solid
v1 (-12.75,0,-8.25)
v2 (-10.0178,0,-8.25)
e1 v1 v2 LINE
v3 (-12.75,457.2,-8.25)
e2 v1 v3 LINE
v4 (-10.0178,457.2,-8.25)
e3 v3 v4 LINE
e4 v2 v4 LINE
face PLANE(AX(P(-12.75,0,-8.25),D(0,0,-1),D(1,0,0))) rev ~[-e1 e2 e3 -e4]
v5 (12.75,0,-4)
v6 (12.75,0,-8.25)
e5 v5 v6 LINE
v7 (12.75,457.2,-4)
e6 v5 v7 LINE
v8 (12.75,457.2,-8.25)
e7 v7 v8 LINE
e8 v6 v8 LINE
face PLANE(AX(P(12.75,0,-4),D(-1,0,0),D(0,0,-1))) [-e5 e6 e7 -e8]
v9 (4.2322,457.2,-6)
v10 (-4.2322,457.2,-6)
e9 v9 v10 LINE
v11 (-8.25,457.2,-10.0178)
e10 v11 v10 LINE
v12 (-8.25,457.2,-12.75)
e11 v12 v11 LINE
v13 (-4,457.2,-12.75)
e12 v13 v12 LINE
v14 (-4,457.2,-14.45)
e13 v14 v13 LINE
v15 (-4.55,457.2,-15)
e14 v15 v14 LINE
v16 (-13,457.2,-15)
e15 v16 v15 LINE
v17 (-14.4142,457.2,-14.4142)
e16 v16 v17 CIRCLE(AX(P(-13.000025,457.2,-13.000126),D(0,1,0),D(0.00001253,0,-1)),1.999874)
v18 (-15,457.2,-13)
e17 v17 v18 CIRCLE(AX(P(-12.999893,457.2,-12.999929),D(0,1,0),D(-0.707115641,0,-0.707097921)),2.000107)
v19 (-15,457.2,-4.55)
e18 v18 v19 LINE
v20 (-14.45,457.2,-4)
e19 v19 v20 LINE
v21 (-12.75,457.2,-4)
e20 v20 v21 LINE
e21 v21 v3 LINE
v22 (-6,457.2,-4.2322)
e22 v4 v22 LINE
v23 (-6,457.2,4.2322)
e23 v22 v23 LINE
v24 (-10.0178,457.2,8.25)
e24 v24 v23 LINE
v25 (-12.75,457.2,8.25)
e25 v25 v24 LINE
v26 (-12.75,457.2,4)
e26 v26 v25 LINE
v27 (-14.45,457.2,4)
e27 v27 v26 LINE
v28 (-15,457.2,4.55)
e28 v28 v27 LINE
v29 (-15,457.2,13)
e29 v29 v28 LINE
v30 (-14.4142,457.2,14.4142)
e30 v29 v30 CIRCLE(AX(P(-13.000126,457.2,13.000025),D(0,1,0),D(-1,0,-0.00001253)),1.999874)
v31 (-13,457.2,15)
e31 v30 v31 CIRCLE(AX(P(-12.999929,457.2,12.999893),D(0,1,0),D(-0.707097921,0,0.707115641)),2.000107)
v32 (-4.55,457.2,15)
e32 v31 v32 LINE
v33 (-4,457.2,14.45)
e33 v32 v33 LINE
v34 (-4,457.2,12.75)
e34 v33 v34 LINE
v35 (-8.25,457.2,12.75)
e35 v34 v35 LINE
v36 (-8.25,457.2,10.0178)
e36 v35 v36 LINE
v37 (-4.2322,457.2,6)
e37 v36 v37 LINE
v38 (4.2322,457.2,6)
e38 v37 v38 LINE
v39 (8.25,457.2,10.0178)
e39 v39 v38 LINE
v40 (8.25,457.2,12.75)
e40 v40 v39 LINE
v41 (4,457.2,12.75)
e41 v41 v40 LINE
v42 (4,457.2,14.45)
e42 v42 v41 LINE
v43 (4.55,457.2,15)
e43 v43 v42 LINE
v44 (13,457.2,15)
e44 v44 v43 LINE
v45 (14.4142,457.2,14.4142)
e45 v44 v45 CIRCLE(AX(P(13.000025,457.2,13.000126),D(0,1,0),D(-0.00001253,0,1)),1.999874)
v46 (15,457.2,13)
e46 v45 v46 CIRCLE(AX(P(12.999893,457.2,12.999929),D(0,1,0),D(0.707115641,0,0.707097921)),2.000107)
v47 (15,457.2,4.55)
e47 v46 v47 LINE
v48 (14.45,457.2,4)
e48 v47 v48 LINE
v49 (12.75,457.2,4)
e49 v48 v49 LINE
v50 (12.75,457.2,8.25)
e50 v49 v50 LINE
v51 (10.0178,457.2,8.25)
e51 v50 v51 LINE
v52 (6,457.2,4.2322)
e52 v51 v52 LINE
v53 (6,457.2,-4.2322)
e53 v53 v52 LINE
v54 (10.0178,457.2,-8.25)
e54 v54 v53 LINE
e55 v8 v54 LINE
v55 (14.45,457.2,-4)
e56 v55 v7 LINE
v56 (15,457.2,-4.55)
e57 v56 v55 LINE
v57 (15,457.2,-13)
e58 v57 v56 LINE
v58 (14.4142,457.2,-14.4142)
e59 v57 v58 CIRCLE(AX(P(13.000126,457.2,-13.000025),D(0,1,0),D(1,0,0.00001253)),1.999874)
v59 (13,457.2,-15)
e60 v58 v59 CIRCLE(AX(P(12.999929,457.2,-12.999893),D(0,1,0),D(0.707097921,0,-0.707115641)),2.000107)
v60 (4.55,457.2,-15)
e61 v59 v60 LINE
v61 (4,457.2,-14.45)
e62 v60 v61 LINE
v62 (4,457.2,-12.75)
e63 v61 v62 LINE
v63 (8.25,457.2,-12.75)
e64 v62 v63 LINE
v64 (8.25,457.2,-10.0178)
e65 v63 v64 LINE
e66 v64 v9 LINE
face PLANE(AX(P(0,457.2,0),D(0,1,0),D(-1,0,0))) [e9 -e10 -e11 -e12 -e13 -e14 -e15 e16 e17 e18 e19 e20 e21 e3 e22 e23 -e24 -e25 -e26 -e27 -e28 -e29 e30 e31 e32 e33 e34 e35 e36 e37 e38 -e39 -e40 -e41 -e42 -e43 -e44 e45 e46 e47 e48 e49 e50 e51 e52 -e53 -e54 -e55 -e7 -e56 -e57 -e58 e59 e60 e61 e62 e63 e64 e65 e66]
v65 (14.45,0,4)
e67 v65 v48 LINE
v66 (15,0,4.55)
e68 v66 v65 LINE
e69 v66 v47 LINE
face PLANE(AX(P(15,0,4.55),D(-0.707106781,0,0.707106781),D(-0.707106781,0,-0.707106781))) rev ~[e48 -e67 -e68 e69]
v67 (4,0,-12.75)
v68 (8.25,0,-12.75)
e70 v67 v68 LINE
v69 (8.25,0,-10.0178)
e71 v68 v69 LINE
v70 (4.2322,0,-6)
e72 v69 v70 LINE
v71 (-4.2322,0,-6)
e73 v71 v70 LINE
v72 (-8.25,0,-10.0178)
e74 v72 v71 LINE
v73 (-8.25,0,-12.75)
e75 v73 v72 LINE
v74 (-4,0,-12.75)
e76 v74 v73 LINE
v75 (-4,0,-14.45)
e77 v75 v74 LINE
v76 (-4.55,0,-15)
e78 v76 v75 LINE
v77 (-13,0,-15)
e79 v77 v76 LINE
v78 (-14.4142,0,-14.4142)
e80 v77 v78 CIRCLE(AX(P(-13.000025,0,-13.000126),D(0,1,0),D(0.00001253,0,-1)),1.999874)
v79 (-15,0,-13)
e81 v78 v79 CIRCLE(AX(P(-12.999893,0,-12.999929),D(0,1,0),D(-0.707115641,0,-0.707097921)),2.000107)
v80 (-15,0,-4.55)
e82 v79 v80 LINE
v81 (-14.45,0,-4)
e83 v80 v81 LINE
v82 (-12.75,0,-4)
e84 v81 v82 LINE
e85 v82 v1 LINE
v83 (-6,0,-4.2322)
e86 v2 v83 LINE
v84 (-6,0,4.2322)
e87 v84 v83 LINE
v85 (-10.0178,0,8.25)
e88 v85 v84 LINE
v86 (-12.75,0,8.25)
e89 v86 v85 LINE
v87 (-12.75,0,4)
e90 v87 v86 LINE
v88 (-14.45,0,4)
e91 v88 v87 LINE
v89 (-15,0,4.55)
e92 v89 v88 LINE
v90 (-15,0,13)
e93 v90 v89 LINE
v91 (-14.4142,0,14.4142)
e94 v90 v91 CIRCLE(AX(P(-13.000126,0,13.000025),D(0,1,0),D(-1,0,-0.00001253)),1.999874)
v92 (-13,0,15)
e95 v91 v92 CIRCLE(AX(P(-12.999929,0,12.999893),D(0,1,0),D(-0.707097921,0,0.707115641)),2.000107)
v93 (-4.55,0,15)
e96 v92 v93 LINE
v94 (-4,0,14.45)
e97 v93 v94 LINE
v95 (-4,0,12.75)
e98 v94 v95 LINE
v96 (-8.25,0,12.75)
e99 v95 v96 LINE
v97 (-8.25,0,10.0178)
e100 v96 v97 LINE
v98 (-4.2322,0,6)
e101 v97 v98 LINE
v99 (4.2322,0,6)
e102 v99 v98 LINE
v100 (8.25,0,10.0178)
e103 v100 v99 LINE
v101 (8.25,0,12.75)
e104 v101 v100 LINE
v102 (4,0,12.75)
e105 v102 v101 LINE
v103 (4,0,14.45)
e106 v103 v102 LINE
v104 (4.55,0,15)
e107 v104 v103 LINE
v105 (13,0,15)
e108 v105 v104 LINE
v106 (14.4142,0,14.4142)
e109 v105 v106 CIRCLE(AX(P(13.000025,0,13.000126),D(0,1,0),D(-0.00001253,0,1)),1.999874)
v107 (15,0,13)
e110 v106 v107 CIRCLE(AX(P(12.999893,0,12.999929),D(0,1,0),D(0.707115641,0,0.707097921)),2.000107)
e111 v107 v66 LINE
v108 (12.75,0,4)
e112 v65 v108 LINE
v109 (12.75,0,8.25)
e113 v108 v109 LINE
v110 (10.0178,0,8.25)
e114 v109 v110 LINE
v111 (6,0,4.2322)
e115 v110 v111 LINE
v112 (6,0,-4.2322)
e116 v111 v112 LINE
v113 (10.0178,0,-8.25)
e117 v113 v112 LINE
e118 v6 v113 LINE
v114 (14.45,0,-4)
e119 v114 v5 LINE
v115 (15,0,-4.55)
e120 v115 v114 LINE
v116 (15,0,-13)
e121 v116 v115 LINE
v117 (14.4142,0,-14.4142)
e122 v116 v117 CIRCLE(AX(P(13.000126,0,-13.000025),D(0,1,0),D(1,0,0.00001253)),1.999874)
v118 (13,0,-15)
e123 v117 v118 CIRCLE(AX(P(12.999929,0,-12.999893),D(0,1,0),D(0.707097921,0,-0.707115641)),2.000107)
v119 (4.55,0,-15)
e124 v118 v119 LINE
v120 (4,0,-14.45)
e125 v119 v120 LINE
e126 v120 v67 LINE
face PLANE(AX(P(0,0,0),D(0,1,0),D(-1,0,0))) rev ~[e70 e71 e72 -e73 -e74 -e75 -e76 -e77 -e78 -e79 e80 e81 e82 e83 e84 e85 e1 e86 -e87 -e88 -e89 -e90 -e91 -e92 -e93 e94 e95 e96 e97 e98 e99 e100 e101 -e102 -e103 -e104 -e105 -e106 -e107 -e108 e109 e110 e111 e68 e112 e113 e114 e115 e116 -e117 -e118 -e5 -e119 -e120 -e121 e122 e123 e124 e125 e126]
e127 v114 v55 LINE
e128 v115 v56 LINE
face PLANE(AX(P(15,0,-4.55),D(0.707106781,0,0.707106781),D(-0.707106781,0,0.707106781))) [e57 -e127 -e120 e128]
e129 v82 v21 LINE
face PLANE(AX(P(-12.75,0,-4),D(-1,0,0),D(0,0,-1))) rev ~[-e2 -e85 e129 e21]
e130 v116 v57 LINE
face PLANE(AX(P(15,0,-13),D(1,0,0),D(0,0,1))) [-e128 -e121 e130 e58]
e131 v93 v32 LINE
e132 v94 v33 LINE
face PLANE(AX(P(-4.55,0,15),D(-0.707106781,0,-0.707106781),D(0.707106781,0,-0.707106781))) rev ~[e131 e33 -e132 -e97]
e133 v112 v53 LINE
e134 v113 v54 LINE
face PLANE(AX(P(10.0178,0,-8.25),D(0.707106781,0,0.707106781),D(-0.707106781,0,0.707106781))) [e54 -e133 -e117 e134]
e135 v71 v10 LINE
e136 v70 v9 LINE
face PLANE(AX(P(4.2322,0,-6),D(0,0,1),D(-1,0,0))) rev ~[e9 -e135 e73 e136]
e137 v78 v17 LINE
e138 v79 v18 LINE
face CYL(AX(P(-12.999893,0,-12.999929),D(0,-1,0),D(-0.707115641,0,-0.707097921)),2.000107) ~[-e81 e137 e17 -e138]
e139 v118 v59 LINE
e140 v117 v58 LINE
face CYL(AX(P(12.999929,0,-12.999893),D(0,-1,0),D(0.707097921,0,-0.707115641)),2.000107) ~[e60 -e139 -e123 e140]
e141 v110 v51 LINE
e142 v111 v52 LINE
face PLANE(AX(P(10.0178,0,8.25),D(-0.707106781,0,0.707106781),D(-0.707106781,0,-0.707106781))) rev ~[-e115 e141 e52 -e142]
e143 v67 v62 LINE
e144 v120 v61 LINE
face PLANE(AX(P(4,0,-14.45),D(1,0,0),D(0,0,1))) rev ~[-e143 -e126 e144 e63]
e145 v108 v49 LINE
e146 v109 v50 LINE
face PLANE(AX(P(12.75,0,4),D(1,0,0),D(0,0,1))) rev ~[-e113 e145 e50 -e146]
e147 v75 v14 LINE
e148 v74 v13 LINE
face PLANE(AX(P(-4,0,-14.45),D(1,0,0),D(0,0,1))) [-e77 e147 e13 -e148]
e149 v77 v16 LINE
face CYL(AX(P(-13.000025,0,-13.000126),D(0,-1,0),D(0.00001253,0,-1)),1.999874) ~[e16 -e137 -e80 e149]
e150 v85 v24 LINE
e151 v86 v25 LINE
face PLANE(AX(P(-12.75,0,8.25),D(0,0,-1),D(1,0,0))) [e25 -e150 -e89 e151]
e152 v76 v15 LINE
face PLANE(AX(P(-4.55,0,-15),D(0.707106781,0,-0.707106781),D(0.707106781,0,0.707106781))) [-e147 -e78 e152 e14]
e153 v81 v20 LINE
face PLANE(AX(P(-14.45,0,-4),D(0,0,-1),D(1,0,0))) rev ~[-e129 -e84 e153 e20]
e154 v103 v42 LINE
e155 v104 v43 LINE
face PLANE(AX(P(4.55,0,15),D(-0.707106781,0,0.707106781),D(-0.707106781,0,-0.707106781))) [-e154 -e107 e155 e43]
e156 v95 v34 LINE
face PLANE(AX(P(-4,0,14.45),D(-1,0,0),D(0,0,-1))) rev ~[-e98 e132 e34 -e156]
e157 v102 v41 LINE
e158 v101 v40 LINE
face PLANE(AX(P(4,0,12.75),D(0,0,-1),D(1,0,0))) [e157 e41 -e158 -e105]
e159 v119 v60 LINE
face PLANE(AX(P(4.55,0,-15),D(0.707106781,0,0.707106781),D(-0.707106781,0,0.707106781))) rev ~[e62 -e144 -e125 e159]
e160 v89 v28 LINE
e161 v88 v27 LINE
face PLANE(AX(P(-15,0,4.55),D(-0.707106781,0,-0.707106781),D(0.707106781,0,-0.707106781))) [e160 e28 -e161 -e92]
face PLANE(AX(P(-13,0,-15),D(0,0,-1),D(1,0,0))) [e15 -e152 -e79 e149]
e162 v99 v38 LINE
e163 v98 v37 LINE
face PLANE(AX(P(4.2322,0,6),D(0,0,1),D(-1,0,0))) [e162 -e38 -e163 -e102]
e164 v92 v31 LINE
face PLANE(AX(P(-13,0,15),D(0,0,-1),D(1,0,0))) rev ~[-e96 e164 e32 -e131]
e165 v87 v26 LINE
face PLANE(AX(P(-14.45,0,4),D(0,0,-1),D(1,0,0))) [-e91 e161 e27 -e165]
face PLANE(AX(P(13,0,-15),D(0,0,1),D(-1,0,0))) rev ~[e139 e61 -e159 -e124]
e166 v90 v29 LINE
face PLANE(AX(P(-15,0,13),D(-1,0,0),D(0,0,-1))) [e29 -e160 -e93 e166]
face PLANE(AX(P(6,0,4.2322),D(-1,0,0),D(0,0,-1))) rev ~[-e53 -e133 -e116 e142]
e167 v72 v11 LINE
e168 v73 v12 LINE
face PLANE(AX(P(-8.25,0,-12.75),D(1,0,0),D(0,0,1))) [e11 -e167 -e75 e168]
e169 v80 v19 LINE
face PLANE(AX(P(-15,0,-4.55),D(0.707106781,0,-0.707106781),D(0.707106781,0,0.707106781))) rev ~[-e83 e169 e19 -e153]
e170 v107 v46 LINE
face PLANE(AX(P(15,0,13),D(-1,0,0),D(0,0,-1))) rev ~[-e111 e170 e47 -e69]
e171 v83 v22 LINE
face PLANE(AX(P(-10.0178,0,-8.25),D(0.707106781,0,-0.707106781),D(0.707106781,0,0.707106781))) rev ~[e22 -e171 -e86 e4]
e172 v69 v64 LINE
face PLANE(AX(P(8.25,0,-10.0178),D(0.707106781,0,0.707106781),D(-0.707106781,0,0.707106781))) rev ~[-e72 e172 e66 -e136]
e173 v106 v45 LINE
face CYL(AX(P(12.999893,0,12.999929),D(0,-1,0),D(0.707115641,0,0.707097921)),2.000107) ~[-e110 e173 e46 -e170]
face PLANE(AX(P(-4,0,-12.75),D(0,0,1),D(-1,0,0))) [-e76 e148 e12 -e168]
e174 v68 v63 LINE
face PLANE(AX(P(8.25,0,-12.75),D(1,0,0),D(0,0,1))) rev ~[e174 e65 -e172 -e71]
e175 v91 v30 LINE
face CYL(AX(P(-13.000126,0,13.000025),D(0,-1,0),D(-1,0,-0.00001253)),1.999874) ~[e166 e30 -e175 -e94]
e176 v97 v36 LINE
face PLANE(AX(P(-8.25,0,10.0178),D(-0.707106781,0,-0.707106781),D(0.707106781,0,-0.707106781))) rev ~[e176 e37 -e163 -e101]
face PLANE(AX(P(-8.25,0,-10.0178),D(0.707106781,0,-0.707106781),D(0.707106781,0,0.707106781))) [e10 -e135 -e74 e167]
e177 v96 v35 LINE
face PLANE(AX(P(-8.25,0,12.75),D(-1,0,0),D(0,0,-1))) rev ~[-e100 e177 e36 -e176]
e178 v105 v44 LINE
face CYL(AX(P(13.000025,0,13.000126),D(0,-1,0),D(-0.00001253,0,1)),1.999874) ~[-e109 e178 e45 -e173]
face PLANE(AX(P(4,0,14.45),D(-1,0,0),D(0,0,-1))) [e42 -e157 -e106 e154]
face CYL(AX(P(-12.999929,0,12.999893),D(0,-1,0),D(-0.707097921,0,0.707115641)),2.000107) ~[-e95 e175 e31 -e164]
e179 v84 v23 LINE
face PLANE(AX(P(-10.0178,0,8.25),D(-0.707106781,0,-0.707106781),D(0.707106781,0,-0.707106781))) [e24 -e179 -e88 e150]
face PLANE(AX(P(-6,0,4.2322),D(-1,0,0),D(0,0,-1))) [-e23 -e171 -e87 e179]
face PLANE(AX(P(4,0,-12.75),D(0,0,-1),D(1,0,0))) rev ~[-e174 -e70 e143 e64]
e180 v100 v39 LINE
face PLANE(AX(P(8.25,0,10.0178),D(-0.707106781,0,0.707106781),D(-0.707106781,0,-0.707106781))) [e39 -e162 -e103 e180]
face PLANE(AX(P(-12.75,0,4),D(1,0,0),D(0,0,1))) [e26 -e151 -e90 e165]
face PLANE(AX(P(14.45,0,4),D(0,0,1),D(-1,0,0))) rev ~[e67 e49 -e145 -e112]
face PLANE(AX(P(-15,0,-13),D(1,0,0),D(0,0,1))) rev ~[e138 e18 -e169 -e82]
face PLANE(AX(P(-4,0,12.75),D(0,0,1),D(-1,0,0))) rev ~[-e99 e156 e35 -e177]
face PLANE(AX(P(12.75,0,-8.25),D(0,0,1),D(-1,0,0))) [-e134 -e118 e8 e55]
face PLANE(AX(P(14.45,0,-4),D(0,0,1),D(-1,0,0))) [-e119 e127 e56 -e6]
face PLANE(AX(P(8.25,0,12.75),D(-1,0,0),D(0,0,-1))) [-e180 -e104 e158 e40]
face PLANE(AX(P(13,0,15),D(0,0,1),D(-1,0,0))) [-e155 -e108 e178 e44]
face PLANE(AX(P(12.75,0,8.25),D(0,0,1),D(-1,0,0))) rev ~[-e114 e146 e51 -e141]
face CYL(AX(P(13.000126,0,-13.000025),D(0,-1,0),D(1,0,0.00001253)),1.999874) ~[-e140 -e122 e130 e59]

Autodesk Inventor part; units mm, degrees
ref_plane "YZ Plane" through (0, 0, 0) normal (1, 0, 0) x (0, 1, 0)
ref_plane "XZ Plane" through (0, 0, 0) normal (0, 1, 0) x (-1, 0, 0)
ref_plane "XY Plane" through (0, 0, 0) normal (0, 0, 1) x (1, 0, 0)
sketch "Sketch1" plane through (0, 0, 0) normal (0, 1, 0) x (-1, 0, 0)
  line L0 (0, 0) -> (-14.4142, 14.4142)
  arc A0 (-13, 15) -> (-14.4142, 14.4142) centre (-13, 13) ccw
  line L1 (-13, 15) -> (-4.55, 15)
  line L2 (-4.55, 15) -> (-4, 14.45)
  line L3 (-4, 14.45) -> (-4, 12.75)
  line L4 (-4, 12.75) -> (-8.25, 12.75)
  line L5 (-8.25, 12.75) -> (-8.25, 10.0178)
  line L6 (-8.25, 10.0178) -> (-4.2322, 6)
  line L7 (-4.2322, 6) -> (0, 6)
  line L8 (0, 6) -> (0, 0)
  line L9 (0, 0) -> (14.4142, 14.4142)
  arc A1 (14.4142, 14.4142) -> (13, 15) centre (13, 13) ccw
  line L10 (13, 15) -> (4.55, 15)
  line L11 (4.55, 15) -> (4, 14.45)
  line L12 (4, 14.45) -> (4, 12.75)
  line L13 (4, 12.75) -> (8.25, 12.75)
  line L14 (8.25, 12.75) -> (8.25, 10.0178)
  line L15 (8.25, 10.0178) -> (4.2322, 6)
  line L16 (4.2322, 6) -> (0, 6)
  line L17 (-14.45, 4) -> (-12.75, 4)
  line L18 (-15, 4.55) -> (-14.45, 4)
  line L19 (-6, 4.2322) -> (-6, 0)
  line L20 (-6, 0) -> (0, 0)
  line L21 (-12.75, 4) -> (-12.75, 8.25)
  line L22 (-12.75, 8.25) -> (-10.0178, 8.25)
  line L23 (-10.0178, 8.25) -> (-6, 4.2322)
  line L24 (-15, 13) -> (-15, 4.55)
  arc A2 (-14.4142, 14.4142) -> (-15, 13) centre (-13, 13) ccw
  line L25 (0, 0) -> (-14.4142, 14.4142)
  line L26 (0, 0) -> (-14.4142, -14.4142)
  arc A3 (-15, -13) -> (-14.4142, -14.4142) centre (-13, -13) ccw
  line L27 (-6, -4.2322) -> (-6, 0)
  line L28 (-14.45, -4) -> (-12.75, -4)
  line L29 (-15, -4.55) -> (-14.45, -4)
  line L30 (-10.0178, -8.25) -> (-6, -4.2322)
  line L31 (-12.75, -8.25) -> (-10.0178, -8.25)
  line L32 (-12.75, -4) -> (-12.75, -8.25)
  line L33 (-15, -13) -> (-15, -4.55)
  line L34 (-4, -14.45) -> (-4, -12.75)
  line L35 (-4.55, -15) -> (-4, -14.45)
  line L36 (-4.2322, -6) -> (0, -6)
  line L37 (0, -6) -> (0, 0)
  line L38 (-4, -12.75) -> (-8.25, -12.75)
  line L39 (-8.25, -12.75) -> (-8.25, -10.0178)
  line L40 (-8.25, -10.0178) -> (-4.2322, -6)
  line L41 (-13, -15) -> (-4.55, -15)
  arc A4 (-14.4142, -14.4142) -> (-13, -15) centre (-13, -13) ccw
  line L42 (0, 0) -> (-14.4142, -14.4142)
  line L43 (0, 0) -> (14.4142, -14.4142)
  arc A5 (13, -15) -> (14.4142, -14.4142) centre (13, -13) ccw
  line L44 (4.2322, -6) -> (0, -6)
  line L45 (4, -14.45) -> (4, -12.75)
  line L46 (4.55, -15) -> (4, -14.45)
  line L47 (8.25, -10.0178) -> (4.2322, -6)
  line L48 (8.25, -12.75) -> (8.25, -10.0178)
  line L49 (4, -12.75) -> (8.25, -12.75)
  line L50 (13, -15) -> (4.55, -15)
  line L51 (14.45, -4) -> (12.75, -4)
  line L52 (15, -4.55) -> (14.45, -4)
  line L53 (6, -4.2322) -> (6, 0)
  line L54 (6, 0) -> (0, 0)
  line L55 (12.75, -4) -> (12.75, -8.25)
  line L56 (12.75, -8.25) -> (10.0178, -8.25)
  line L57 (10.0178, -8.25) -> (6, -4.2322)
  line L58 (15, -13) -> (15, -4.55)
  arc A6 (14.4142, -14.4142) -> (15, -13) centre (13, -13) ccw
  line L59 (0, 0) -> (14.4142, -14.4142)
  line L60 (0, 0) -> (14.4142, 14.4142)
  arc A7 (15, 13) -> (14.4142, 14.4142) centre (13, 13) ccw
  line L61 (6, 4.2322) -> (6, 0)
  line L62 (14.45, 4) -> (12.75, 4)
  line L63 (15, 4.55) -> (14.45, 4)
  line L64 (10.0178, 8.25) -> (6, 4.2322)
  line L65 (12.75, 8.25) -> (10.0178, 8.25)
  line L66 (12.75, 4) -> (12.75, 8.25)
  line L67 (15, 13) -> (15, 4.55)
  dimension "d0" = 45
  dimension "d1" = 1.25
  dimension "d2" = 2
  dimension "d4" = 9
  dimension "d5" = 15
  dimension "d6" = 4.55
  dimension "d7" = 4
  dimension "d8" = 8.25
  dimension "d9" = 2.25
  dimension "d12" = 360
extrude "Extrusion1" add sketch "Sketch1" along normal blind 457.2
properties part number "base2"
